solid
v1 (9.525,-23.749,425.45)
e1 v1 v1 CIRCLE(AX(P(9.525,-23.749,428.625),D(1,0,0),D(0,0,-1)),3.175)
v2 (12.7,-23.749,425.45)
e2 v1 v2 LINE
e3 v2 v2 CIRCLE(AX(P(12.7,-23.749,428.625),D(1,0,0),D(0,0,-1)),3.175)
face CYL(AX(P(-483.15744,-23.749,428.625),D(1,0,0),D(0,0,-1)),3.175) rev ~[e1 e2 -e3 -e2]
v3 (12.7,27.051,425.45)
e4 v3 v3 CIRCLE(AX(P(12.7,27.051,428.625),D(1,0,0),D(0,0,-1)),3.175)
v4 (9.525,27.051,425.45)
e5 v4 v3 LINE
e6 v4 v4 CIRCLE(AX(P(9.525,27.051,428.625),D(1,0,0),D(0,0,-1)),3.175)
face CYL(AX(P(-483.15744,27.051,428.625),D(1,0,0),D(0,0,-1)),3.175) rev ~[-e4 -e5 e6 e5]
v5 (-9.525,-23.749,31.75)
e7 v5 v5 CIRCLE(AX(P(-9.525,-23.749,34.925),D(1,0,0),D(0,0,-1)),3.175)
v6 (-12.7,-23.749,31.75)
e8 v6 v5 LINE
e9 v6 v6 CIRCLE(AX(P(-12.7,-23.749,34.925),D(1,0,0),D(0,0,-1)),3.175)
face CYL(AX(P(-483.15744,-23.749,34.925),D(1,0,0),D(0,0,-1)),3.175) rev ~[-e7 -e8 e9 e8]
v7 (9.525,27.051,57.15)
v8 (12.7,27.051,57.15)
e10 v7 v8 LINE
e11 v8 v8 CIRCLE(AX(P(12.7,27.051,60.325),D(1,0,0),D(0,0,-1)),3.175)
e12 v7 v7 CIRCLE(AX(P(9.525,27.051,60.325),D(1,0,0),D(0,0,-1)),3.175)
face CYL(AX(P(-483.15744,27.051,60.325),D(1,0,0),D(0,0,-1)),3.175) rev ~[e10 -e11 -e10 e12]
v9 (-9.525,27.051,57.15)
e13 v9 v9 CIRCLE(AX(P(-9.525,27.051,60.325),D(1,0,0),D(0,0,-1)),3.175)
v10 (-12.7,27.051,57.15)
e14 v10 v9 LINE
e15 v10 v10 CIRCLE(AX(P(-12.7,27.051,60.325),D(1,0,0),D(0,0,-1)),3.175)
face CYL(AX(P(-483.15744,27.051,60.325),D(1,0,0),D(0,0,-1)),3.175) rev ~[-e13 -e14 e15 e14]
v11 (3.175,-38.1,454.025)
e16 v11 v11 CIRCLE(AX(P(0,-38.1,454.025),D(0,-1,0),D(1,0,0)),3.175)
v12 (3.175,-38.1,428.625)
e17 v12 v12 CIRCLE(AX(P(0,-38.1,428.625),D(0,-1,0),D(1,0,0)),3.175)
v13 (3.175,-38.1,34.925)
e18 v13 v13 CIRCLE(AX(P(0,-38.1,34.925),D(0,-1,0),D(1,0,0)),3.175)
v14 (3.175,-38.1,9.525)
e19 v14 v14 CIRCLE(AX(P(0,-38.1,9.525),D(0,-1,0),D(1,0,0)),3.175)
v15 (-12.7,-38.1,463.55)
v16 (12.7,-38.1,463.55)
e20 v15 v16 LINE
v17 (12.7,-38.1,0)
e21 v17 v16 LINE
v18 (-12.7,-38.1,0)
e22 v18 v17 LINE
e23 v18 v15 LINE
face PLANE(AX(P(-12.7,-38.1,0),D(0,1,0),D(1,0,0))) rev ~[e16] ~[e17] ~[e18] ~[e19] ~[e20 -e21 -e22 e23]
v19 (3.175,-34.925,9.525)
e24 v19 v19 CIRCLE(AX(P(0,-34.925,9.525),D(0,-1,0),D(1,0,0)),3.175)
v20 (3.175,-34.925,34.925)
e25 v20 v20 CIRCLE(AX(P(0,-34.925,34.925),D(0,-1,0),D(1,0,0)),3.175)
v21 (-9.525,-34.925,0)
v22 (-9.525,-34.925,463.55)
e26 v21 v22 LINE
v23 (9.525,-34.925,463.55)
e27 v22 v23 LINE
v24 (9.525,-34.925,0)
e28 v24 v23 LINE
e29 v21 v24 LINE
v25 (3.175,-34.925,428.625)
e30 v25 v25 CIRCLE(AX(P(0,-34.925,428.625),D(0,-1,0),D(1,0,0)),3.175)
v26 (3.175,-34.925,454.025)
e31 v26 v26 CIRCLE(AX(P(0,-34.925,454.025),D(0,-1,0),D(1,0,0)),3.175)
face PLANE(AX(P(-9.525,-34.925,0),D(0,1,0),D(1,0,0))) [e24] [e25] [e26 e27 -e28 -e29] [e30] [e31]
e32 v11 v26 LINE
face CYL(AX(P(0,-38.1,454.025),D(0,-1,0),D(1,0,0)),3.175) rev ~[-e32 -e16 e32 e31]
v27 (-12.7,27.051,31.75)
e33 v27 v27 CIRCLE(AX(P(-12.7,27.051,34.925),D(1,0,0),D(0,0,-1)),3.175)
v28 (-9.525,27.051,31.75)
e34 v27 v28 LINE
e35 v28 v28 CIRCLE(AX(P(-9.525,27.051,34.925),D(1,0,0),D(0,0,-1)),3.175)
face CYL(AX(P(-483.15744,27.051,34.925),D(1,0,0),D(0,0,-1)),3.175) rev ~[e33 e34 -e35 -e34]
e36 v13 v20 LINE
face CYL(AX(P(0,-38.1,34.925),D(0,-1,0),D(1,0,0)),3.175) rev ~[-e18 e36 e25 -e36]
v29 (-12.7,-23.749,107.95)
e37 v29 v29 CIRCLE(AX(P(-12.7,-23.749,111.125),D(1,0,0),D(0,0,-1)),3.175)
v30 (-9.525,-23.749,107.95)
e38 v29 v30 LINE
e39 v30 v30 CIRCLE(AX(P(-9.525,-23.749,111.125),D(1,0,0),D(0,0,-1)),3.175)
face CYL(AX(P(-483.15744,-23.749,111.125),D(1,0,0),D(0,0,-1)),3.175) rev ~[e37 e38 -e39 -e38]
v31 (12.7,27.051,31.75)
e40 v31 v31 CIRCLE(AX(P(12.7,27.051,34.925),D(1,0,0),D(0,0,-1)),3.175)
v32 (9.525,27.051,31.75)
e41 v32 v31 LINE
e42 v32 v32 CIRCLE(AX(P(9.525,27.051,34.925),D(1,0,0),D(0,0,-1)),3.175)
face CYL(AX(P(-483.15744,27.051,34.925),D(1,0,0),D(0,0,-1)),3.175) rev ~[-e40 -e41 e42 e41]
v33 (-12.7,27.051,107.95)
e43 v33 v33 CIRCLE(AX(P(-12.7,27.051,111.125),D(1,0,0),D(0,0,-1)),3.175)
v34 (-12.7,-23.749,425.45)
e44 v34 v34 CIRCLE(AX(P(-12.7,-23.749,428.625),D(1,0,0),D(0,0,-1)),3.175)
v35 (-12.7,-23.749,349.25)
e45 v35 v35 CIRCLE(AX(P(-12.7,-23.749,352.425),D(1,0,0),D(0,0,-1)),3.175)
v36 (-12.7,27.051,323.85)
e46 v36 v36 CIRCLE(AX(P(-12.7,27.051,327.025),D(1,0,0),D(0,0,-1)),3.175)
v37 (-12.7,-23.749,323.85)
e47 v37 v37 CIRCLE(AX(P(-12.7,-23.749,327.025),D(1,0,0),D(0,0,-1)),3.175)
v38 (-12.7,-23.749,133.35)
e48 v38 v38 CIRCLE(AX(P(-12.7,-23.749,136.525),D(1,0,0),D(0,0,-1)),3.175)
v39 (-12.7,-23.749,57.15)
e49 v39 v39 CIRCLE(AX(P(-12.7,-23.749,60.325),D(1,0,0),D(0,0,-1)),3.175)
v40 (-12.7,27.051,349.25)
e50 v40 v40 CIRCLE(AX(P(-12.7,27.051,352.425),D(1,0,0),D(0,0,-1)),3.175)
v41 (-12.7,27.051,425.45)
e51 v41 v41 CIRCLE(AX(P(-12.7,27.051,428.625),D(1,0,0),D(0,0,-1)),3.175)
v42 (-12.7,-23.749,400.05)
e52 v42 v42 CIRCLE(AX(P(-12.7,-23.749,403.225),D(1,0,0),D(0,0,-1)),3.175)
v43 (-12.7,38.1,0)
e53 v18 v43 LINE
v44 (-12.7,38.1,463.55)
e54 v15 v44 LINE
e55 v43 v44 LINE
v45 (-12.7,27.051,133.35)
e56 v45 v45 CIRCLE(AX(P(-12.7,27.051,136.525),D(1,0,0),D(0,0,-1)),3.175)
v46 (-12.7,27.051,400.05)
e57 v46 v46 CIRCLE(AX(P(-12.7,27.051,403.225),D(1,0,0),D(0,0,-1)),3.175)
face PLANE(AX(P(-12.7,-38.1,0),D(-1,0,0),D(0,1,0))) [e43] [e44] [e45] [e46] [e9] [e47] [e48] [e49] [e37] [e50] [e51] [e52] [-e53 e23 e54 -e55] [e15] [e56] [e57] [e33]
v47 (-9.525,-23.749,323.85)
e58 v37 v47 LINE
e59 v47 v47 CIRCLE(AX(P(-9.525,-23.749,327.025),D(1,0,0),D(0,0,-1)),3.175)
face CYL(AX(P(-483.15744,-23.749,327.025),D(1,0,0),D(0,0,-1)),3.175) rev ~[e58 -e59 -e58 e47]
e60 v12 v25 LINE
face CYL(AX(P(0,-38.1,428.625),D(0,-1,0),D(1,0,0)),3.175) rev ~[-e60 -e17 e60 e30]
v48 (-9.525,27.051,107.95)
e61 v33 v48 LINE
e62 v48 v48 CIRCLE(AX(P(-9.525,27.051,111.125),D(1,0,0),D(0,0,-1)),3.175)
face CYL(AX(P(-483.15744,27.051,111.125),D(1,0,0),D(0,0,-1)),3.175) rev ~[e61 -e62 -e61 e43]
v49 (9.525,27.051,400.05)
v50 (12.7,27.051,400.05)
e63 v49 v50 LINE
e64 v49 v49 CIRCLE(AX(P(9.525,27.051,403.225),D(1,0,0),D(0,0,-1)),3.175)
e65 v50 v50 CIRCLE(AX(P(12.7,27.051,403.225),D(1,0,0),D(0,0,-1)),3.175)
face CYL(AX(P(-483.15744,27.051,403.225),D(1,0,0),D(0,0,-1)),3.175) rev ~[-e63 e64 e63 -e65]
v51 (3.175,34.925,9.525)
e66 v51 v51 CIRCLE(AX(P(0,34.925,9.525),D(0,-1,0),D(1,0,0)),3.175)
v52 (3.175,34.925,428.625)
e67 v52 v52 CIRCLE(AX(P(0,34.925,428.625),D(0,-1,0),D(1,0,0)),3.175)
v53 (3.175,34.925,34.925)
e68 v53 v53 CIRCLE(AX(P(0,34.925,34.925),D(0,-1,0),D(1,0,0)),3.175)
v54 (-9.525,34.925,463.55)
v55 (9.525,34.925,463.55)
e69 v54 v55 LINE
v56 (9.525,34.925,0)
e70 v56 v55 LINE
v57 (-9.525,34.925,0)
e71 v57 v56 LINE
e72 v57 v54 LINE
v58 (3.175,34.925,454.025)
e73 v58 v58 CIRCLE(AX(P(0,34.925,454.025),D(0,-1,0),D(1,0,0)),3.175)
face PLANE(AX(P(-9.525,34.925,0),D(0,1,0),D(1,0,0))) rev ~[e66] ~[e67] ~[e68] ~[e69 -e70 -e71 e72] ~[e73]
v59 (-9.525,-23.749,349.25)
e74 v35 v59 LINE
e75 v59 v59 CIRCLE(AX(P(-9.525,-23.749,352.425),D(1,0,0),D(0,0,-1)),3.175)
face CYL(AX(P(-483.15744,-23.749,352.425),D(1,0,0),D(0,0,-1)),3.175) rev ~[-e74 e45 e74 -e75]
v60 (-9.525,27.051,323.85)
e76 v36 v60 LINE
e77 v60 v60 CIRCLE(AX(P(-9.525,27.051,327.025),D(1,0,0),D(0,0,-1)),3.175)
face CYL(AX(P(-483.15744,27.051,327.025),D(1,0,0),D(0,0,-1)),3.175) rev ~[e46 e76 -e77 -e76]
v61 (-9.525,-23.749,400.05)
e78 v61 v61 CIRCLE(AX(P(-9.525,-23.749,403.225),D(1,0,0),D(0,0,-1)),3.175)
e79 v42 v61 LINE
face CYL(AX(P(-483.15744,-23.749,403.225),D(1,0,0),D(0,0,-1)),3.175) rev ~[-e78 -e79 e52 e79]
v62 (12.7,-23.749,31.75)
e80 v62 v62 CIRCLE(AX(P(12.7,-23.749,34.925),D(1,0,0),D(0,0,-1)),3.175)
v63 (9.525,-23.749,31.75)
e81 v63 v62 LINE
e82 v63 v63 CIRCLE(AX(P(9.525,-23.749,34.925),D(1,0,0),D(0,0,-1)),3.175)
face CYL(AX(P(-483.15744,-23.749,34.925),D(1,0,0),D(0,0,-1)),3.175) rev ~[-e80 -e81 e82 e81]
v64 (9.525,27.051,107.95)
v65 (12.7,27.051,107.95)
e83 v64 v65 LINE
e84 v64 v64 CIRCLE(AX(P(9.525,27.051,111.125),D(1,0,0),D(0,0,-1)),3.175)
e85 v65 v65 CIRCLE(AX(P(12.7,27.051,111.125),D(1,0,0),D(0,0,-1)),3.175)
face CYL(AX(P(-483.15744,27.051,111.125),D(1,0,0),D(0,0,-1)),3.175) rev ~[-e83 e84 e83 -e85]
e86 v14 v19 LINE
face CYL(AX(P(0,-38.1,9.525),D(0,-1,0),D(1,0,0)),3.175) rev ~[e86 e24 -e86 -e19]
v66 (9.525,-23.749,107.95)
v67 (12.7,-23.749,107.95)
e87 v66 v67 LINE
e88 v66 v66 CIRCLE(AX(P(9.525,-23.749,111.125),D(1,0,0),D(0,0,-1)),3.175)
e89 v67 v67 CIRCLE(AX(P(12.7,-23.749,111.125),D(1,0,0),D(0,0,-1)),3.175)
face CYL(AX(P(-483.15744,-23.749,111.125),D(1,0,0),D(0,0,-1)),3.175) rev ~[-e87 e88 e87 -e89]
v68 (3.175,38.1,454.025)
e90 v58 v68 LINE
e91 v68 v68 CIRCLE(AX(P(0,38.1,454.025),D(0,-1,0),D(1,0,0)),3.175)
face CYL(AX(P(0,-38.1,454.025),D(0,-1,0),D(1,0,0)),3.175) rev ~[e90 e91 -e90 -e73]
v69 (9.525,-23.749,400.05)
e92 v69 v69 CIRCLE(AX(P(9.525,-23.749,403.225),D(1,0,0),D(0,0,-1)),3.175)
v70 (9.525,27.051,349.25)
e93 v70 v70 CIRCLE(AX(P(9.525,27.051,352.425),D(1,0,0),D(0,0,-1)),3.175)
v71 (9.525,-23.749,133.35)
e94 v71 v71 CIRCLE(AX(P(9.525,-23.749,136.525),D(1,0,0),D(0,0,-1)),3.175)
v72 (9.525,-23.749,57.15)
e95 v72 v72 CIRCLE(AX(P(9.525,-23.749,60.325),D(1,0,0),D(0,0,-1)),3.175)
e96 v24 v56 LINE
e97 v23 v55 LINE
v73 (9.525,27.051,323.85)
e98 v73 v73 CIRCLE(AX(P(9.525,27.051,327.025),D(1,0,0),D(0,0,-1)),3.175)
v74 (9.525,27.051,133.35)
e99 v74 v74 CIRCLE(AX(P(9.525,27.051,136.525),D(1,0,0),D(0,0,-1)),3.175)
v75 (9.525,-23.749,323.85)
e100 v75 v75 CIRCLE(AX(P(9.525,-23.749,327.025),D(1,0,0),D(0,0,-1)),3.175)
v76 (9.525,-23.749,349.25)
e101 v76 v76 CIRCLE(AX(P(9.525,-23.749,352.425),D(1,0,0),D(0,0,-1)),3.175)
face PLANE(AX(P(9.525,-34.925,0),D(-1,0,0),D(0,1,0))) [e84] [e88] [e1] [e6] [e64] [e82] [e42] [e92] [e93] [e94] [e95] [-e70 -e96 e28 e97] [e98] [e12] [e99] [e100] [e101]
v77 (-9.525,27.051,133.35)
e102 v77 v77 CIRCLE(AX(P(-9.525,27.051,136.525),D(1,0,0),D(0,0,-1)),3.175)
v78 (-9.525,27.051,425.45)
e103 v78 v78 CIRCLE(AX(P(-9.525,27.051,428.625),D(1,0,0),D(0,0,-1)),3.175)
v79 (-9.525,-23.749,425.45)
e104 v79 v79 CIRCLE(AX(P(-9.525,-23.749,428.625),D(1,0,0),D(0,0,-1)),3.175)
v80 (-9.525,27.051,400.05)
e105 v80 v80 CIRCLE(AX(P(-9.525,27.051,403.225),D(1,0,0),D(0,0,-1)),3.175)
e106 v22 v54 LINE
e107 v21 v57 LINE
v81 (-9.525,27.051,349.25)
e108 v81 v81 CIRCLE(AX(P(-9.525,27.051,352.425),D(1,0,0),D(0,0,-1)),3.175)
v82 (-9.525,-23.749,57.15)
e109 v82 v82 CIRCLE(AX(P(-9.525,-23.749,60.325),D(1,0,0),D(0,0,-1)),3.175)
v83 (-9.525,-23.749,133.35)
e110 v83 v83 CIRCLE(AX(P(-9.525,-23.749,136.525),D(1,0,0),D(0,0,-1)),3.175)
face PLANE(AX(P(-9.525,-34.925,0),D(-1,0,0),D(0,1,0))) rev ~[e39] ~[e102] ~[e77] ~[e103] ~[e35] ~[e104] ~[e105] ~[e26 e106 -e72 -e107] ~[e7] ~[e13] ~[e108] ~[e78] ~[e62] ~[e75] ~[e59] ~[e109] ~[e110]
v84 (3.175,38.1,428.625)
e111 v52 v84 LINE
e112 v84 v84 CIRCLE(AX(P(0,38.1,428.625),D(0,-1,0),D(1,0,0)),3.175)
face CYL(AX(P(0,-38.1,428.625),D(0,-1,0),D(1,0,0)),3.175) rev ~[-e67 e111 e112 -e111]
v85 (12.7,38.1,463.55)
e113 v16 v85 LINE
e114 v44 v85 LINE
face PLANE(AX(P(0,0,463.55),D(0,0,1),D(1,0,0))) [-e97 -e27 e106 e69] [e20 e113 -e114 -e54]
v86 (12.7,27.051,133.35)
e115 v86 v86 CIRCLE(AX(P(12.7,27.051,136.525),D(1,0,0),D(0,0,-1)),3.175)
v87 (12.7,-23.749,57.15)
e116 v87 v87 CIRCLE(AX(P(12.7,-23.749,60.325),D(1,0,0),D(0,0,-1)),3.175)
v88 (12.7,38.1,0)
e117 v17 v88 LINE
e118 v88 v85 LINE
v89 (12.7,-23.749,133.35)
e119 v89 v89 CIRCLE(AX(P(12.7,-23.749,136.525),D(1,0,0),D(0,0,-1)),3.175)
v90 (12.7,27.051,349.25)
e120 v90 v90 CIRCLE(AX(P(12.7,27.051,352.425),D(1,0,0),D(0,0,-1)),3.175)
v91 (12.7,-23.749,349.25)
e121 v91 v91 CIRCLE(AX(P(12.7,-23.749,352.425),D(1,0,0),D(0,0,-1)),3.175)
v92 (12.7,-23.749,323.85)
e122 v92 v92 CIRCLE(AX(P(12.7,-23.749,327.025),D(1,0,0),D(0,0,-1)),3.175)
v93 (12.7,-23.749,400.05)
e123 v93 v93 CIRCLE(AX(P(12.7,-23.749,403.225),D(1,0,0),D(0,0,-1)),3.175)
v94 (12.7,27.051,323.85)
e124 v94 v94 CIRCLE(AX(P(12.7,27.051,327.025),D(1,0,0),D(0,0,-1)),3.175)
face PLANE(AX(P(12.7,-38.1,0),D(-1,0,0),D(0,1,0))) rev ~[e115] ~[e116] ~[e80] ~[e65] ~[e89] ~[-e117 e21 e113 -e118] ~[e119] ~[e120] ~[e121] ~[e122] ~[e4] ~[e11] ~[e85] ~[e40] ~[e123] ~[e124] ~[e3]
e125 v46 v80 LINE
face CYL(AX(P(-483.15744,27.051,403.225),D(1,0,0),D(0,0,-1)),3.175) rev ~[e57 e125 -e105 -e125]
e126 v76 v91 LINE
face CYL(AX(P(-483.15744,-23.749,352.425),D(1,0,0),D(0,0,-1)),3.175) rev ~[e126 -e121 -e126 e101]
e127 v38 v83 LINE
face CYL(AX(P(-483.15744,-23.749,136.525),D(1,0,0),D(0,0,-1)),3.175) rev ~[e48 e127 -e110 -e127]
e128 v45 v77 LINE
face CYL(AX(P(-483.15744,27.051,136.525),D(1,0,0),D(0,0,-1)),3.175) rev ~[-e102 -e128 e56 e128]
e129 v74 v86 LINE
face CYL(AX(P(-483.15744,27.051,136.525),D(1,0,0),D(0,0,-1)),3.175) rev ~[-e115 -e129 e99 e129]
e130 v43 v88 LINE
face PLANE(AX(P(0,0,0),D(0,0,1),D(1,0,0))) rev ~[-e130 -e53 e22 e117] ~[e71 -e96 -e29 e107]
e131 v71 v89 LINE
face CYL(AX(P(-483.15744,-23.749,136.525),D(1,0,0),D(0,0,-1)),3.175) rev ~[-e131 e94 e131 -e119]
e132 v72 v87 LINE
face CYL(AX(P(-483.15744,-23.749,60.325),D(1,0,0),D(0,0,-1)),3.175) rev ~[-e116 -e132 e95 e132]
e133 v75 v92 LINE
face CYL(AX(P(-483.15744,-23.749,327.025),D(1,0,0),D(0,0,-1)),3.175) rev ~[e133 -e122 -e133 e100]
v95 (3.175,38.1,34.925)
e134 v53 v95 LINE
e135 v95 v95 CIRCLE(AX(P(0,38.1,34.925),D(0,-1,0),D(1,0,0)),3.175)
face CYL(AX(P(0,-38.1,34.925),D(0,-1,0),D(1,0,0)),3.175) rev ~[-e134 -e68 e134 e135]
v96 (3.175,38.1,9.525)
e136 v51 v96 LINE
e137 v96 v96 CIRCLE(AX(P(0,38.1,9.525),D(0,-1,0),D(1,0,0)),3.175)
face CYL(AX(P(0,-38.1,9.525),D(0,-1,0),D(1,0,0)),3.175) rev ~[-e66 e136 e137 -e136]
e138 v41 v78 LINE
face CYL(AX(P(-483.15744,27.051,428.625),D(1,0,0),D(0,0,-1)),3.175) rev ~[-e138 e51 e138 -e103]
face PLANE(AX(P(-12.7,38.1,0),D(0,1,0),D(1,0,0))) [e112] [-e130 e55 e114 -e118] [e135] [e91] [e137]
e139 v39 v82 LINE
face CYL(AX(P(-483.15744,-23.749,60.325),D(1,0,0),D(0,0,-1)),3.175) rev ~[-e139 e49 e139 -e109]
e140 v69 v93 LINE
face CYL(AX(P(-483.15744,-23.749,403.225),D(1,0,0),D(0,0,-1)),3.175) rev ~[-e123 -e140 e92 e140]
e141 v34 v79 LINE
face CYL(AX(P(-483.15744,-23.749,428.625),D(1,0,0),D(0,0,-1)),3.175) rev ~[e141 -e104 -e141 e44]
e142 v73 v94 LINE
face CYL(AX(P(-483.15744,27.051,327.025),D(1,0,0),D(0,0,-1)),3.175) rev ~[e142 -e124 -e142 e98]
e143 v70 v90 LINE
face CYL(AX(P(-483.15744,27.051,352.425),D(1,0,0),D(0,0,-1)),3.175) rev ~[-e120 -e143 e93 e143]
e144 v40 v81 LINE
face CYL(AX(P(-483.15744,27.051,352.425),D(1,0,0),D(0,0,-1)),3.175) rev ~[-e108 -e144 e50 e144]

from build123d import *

# Parameters (mm, degrees)
SKETCH1_W                   = 25.4
SKETCH1_H                   = 76.2
SKETCH1_W_2                 = 19.05
SKETCH1_H_2                 = 69.85
BOSS_EXTRUDE3_DEPTH         = 463.55
SKETCH6_R                   = 3.175
CUT_EXTRUDE1_DEPTH          = 806.45
F_1_4_0_25_DIAMETER_HOLE1_D = 6.35
F_1_4_0_25_DIAMETER_HOLE2_D = 6.35
F_1_4_0_25_DIAMETER_HOLE3_D = 6.35


with BuildPart() as part:
    # Sketch1 → Boss-Extrude3 (new body)
    with BuildSketch(Plane.XY):
        Rectangle(SKETCH1_W, SKETCH1_H)
        Rectangle(SKETCH1_W_2, SKETCH1_H_2, mode=Mode.SUBTRACT)
    extrude(amount=BOSS_EXTRUDE3_DEPTH)

    # Sketch6 → Cut-Extrude1 (cut)
    with BuildSketch(Plane(origin=(0, -38.1, 0), x_dir=(-1, 0, 0), z_dir=(0, -1, 0))):
        with Locations(Location((0, -9.525, 0), (0, 0, 180))):
            Circle(SKETCH6_R)
        with Locations(Location((0, -34.925, 0), (0, 0, 180))):
            Circle(SKETCH6_R)
        with Locations(Location((0, -454.025, 0), (0, 0, 180))):
            Circle(SKETCH6_R)
        with Locations(Location((0, -428.625, 0), (0, 0, 180))):
            Circle(SKETCH6_R)
    extrude(amount=-CUT_EXTRUDE1_DEPTH, mode=Mode.SUBTRACT)

    # 1/4 (0.25) Diameter Hole1 (through all)
    with Locations(Plane.ZY.offset(12.7)):
        with Locations((136.525, 27.051), (111.125, 27.051), (136.525, -23.749), (111.125, -23.749), (327.025, 27.051), (352.425, 27.051), (327.025, -23.749), (352.425, -23.749)):
            Hole(F_1_4_0_25_DIAMETER_HOLE1_D / 2)

    # 1/4 (0.25) Diameter Hole2 (through all)
    with Locations(Plane.ZY.offset(12.7)):
        with Locations((34.925, 27.051), (60.325, 27.051), (34.925, -23.749), (60.325, -23.749)):
            Hole(F_1_4_0_25_DIAMETER_HOLE2_D / 2)

    # 1/4 (0.25) Diameter Hole3 (through all)
    with Locations(Plane.ZY.offset(12.7)):
        with Locations((403.225, 27.051), (428.625, 27.051), (403.225, -23.749), (428.625, -23.749)):
            Hole(F_1_4_0_25_DIAMETER_HOLE3_D / 2)


solid = part.part
